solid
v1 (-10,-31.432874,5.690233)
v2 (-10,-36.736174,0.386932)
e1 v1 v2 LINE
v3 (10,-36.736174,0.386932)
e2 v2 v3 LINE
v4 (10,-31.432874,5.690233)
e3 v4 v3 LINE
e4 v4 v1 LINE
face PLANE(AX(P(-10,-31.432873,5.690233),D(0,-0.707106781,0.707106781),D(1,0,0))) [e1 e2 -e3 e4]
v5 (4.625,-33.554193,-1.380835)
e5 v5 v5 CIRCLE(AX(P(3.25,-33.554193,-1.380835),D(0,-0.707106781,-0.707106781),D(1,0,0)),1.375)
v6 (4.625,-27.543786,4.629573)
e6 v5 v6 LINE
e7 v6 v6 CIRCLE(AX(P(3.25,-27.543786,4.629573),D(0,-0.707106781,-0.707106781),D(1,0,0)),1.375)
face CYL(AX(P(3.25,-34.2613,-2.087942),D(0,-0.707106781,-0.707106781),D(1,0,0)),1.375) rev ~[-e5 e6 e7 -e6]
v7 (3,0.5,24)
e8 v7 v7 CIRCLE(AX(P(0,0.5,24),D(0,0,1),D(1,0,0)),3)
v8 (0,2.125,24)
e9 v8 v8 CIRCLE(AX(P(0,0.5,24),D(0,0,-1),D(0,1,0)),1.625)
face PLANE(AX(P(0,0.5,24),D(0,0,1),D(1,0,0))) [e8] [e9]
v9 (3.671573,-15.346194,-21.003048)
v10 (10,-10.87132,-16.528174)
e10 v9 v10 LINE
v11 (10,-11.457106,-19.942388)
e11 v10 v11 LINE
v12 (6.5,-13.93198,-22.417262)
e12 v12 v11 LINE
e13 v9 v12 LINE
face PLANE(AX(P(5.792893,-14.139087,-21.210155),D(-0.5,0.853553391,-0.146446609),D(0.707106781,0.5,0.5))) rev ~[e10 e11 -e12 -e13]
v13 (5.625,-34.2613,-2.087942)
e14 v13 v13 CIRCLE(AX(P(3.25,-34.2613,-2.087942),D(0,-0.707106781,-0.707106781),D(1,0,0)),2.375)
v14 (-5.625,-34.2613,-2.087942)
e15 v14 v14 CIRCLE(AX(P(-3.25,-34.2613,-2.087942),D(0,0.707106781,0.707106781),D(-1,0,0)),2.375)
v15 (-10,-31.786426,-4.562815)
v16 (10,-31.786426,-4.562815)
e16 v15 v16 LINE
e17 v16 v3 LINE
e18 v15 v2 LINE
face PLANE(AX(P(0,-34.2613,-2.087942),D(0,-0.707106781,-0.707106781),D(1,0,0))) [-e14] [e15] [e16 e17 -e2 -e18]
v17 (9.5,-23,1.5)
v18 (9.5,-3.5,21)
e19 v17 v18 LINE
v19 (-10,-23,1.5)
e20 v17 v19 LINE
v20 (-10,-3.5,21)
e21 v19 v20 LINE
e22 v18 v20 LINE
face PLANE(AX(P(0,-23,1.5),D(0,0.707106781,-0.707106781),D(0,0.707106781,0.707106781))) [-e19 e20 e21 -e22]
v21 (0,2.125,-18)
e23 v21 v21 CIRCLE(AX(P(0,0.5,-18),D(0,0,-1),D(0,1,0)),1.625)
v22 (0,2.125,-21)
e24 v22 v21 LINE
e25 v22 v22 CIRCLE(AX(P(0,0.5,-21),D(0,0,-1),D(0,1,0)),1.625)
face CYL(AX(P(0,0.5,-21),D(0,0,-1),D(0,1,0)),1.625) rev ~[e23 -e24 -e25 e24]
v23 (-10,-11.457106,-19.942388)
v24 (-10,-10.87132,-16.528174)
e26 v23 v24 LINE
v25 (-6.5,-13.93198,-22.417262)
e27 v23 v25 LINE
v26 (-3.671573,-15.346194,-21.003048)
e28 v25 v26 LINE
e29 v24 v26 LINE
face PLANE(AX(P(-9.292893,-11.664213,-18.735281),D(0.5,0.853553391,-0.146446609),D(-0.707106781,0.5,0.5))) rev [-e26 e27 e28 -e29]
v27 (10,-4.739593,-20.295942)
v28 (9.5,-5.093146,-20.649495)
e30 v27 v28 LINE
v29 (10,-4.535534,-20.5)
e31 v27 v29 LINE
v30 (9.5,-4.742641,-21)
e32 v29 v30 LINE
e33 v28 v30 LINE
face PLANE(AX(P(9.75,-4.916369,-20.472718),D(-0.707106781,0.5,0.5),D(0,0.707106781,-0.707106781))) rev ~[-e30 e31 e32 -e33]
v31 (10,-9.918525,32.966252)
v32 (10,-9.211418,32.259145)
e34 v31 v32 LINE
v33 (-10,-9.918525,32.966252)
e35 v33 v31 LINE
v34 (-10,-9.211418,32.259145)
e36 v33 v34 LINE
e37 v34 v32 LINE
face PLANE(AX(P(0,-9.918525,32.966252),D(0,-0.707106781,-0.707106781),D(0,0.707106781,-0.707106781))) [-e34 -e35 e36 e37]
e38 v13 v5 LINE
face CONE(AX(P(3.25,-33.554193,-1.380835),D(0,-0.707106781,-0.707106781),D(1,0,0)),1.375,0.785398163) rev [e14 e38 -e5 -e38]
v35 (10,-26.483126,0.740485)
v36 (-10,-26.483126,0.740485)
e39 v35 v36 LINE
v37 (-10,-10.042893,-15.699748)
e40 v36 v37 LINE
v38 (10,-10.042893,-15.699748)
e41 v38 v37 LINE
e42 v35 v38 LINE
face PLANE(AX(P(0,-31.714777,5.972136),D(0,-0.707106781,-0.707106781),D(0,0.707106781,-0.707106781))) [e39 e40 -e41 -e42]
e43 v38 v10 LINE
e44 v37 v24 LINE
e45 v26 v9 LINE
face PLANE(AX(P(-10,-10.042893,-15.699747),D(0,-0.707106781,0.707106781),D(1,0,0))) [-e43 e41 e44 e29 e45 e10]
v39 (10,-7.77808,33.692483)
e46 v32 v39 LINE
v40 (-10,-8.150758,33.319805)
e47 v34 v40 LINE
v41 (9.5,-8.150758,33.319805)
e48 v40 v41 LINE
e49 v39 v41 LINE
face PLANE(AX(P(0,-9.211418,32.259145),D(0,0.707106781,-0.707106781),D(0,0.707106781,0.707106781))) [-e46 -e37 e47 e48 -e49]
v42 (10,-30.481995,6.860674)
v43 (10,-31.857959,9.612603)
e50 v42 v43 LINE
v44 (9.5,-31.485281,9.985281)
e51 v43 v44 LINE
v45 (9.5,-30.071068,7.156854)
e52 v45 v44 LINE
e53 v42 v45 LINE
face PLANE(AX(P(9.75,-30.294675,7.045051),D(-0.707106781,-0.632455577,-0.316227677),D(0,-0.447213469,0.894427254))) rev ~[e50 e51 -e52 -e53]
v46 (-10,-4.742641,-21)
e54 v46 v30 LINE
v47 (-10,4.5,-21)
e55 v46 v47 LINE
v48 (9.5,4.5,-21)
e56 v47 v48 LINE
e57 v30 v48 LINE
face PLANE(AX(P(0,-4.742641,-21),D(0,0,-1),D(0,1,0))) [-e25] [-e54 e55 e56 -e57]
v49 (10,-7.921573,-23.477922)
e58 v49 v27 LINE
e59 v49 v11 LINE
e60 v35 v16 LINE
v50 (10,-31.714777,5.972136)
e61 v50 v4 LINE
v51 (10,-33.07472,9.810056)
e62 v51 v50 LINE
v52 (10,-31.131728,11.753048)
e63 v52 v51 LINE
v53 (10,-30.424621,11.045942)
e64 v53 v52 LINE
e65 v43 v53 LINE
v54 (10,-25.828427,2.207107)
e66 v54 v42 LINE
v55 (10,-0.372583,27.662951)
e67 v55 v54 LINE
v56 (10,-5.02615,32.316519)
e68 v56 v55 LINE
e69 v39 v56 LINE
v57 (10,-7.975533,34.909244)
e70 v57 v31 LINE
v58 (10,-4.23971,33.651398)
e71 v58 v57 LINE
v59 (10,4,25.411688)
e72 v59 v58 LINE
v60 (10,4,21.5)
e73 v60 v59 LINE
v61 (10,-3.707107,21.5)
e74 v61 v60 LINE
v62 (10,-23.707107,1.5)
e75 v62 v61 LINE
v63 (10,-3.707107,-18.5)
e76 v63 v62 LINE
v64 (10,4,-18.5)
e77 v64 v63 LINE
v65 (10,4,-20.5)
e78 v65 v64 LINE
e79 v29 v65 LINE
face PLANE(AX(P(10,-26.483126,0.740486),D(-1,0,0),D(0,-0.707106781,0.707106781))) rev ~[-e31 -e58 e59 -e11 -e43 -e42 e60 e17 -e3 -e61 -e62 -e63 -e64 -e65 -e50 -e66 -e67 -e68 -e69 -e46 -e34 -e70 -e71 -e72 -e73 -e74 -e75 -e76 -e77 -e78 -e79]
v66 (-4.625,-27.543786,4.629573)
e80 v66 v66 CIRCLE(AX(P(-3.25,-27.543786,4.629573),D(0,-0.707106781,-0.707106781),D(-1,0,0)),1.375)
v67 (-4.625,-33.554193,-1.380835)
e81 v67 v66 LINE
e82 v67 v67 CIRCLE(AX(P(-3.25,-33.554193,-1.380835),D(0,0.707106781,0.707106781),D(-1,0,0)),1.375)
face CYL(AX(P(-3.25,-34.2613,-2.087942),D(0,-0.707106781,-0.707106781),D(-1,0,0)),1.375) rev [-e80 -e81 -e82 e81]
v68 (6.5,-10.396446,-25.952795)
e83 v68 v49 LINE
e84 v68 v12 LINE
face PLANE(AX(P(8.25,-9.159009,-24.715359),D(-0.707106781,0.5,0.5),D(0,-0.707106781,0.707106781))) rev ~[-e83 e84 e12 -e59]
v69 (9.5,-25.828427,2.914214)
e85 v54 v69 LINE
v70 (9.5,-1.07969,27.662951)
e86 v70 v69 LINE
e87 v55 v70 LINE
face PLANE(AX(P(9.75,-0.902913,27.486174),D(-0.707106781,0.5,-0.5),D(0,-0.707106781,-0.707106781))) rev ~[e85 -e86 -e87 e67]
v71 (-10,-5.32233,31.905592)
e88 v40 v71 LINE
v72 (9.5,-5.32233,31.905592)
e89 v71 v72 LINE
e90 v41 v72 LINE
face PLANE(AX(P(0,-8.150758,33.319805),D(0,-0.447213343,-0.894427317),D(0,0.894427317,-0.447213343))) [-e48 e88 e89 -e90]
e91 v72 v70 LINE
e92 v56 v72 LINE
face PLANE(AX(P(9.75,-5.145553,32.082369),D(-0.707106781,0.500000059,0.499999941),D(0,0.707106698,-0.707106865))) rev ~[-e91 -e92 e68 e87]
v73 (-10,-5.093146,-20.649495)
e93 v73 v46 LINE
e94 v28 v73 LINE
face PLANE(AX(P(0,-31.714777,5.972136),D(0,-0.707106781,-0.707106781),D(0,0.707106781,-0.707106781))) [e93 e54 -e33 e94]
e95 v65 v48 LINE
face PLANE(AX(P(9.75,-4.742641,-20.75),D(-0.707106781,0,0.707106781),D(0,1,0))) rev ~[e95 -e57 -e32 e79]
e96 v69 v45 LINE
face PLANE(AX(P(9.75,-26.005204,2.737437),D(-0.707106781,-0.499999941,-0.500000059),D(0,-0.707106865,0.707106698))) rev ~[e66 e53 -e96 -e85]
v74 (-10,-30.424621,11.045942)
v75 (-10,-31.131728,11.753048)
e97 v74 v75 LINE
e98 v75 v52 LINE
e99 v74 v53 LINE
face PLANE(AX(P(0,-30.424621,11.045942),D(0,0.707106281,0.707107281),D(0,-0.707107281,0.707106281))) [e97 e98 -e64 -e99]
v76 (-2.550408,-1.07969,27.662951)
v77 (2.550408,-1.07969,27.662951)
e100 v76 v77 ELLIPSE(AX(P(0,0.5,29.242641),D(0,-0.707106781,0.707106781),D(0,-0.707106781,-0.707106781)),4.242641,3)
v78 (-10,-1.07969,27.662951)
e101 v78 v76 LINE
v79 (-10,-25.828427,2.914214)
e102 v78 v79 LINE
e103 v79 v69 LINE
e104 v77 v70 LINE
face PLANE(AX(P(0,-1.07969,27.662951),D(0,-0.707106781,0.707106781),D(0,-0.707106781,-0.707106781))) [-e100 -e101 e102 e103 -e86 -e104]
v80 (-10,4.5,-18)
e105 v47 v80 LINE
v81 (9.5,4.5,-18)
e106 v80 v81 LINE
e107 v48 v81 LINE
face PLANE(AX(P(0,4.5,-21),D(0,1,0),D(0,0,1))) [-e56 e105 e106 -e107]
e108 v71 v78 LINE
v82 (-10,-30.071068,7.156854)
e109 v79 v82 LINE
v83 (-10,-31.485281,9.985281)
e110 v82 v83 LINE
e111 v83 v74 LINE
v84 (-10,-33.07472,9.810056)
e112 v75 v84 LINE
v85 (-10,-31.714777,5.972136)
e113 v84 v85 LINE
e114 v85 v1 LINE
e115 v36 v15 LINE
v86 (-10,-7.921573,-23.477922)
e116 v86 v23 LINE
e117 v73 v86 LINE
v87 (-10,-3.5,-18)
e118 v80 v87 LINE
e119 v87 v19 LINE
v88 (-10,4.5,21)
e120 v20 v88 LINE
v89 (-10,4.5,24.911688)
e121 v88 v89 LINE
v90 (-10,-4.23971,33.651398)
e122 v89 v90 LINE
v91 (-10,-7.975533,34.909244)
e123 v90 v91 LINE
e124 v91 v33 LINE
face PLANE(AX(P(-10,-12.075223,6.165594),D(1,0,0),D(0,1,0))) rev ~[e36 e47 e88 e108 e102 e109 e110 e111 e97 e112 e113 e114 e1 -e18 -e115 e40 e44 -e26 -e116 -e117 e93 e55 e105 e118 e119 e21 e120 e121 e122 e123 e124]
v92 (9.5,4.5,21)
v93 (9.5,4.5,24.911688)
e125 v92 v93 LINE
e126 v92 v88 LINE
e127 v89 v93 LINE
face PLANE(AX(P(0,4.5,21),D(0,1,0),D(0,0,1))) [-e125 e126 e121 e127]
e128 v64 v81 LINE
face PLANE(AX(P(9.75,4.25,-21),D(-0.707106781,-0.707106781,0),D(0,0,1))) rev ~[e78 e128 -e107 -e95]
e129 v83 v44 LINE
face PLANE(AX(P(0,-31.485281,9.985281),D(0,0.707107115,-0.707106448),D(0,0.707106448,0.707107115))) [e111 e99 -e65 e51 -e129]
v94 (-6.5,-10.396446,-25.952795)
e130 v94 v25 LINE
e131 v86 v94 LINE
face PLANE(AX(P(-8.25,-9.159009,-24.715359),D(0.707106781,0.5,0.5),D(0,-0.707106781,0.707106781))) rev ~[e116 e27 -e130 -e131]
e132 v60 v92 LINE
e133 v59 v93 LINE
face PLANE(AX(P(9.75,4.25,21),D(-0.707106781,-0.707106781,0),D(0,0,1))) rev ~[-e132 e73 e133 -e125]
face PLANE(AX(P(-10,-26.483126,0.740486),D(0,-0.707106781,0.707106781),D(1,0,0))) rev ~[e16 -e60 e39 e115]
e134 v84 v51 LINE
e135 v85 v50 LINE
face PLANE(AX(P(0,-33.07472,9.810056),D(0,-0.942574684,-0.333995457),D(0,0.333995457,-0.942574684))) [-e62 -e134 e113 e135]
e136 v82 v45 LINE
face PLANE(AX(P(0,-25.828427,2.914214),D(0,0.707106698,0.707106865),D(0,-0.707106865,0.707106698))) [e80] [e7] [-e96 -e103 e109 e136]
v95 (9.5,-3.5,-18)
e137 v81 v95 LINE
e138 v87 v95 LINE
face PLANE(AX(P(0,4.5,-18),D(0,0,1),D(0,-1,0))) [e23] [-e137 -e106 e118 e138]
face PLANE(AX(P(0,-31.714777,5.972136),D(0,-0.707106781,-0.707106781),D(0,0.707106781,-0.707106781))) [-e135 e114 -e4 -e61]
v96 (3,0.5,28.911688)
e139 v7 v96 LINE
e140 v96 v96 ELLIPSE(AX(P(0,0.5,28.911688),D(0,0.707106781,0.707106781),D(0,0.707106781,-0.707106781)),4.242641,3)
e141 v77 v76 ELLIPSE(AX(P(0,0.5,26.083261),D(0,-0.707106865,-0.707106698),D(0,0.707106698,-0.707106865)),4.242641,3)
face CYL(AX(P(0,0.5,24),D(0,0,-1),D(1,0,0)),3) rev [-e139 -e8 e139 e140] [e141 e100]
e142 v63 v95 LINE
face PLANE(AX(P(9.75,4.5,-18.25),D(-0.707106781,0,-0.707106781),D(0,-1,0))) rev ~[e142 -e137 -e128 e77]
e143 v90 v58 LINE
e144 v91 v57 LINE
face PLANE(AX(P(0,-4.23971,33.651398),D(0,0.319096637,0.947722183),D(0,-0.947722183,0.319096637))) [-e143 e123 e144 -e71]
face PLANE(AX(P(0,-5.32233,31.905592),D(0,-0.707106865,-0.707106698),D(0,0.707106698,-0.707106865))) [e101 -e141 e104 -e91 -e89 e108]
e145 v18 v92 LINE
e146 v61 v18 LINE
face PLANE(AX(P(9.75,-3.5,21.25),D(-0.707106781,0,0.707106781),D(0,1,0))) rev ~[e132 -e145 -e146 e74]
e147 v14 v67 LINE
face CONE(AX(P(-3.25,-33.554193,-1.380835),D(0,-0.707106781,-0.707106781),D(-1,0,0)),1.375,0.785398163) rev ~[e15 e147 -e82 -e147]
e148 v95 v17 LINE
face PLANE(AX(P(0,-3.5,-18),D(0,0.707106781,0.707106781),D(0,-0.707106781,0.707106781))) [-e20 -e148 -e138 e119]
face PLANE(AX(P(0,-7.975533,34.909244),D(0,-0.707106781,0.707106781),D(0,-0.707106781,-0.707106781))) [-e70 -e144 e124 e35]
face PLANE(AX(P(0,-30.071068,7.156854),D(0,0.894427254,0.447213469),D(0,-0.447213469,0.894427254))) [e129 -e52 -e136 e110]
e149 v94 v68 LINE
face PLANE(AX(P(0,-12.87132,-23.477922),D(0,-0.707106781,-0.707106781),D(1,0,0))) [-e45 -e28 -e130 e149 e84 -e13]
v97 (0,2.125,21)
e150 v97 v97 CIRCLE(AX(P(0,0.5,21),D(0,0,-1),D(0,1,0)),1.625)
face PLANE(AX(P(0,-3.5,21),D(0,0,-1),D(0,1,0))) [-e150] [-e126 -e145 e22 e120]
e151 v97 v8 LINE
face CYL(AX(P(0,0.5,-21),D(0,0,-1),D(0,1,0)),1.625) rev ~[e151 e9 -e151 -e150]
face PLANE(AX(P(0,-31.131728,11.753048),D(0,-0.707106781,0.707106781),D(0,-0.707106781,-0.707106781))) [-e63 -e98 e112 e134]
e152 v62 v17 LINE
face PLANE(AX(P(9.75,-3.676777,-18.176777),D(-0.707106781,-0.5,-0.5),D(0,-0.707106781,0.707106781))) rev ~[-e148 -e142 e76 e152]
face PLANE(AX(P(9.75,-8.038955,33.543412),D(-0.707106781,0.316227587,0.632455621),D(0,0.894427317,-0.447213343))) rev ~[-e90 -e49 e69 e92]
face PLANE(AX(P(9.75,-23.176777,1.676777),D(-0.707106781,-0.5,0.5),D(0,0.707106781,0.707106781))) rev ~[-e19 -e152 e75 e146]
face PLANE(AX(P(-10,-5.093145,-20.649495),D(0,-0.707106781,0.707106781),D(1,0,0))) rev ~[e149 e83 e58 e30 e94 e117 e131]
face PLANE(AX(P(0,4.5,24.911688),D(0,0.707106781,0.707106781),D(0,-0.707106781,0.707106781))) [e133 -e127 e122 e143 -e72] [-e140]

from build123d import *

# Parameters (mm, degrees)
CYLINDER003_R     = 3
CYLINDER003_DEPTH = 10
PAD008_DEPTH      = 10
SKETCH032_R       = 1.625
POCKET023_DEPTH   = 55.910244
SKETCH033_W       = 20
SKETCH033_H       = 7
PAD009_DEPTH      = 7.5
SKETCH034_R       = 1.375
POCKET024_DEPTH   = 12
CHAMFER020_1_SIZE = 3.5
CHAMFER020_2_SIZE = 1
CHAMFER021_SIZE   = 0.5
CHAMFER022_SIZE   = 2


with BuildPart() as boardbracketscrewheadcylinder:
    # Cylinder003 → Cylinder003 (new body)
    with BuildSketch(Plane(origin=(0, 0.5, 24), x_dir=(1, 0, 0), z_dir=(0, 0, 1))):
        Circle(CYLINDER003_R)
    extrude(amount=CYLINDER003_DEPTH)


with BuildPart() as boardbracketpinschamfer022_final:
    # Sketch031 → Pad008 (new body, symmetric)
    with BuildSketch(Plane.YZ):
        Polygon((4.5, 21), (4.5, 24.911688), (-4.23971, 33.651398), (-7.975533, 34.909244), (-9.918525, 32.966252), (-9.211418, 32.259145), (-8.150758, 33.319805), (-5.32233, 31.905592), (-1.07969, 27.662951), (-25.828427, 2.914214), (-30.071068, 7.156854), (-31.485281, 9.985281), (-30.424621, 11.045942), (-31.131728, 11.753048), (-33.07472, 9.810056), (-31.714777, 5.972136), (-4.742641, -21), (4.5, -21), (4.5, -18), (-3.5, -18), (-23, 1.5), (-3.5, 21), align=None)
    extrude(amount=PAD008_DEPTH, both=True)

    # Sketch032 → Pocket023 (cut, through all)
    with BuildSketch(Plane.YX.offset(21)):
        with Locations((0.5, 0)):
            Circle(SKETCH032_R)
    extrude(amount=-POCKET023_DEPTH, mode=Mode.SUBTRACT)

    # Cut001: cut BoardBracketScrewHeadCylinder
    add(boardbracketscrewheadcylinder.part, mode=Mode.SUBTRACT)

    # Sketch033 → Pad009 (new body)
    with BuildSketch(Plane(origin=(0, -12.87132, -12.87132), x_dir=(1, 0, 0), z_dir=(0, -0.707107, -0.707107))):
        with Locations((0, 22.75)):
            Rectangle(SKETCH033_W, SKETCH033_H)
        with Locations((0, -7.5)):
            Rectangle(SKETCH033_W, SKETCH033_H)
    extrude(amount=PAD009_DEPTH)

    # Sketch034 → Pocket024 (cut)
    with BuildSketch(Plane(origin=(0, -18.174621, -18.174621), x_dir=(1, 0, 0), z_dir=(0, -0.707107, -0.707107))):
        with Locations((3.25, 22.75)):
            Circle(SKETCH034_R)
    pocket024 = extrude(amount=-POCKET024_DEPTH, mode=Mode.SUBTRACT)

    # Mirrored002: Pocket024 across Sketch034 V_Axis
    add(pocket024.mirror(Plane(origin=(0, -18.174621, -18.174621), x_dir=(0, -0.707107, -0.707107), z_dir=(1, 0, 0))), mode=Mode.SUBTRACT)

    # Chamfer020 1
    chamfer020_1_edges = [boardbracketpinschamfer022_final.edges().sort_by_distance(p)[0] for p in [
        (-10, -12.87132, -23.477922),
        (10, -12.87132, -23.477922),
    ]]
    chamfer(chamfer020_1_edges, length=CHAMFER020_1_SIZE)

    # Chamfer020 2
    chamfer020_2_edges = [boardbracketpinschamfer022_final.edges().sort_by_distance(p)[0] for p in [
        (-1.875, -34.2613, -2.087942),
        (1.875, -34.2613, -2.087942),
    ]]
    chamfer(chamfer020_2_edges, length=CHAMFER020_2_SIZE)

    # Chamfer021
    chamfer021_edges = [boardbracketpinschamfer022_final.edges().sort_by_distance(p)[0] for p in [
        (10, -4.917893, -20.824747),
        (10, -0.12132, -21),
        (10, 4.5, -19.5),
        (10, 0.5, -18),
        (10, -13.25, -8.25),
        (10, -13.25, 11.25),
        (10, 0.5, 21),
        (10, 4.5, 22.955844),
        (10, -30.778175, 8.571068),
        (10, -27.949747, 5.035534),
        (10, -13.454058, 15.288582),
        (10, -3.20101, 29.784271),
        (10, -6.736544, 32.612698),
    ]]
    chamfer(chamfer021_edges, length=CHAMFER021_SIZE)

    # Chamfer022
    chamfer022_edges = [boardbracketpinschamfer022_final.edges().sort_by_distance(p)[0] for p in [
        (8.25, -14.108757, -19.765611),
        (-8.25, -14.108757, -19.765611),
    ]]
    chamfer(chamfer022_edges, length=CHAMFER022_SIZE)


solid = boardbracketpinschamfer022_final.part
